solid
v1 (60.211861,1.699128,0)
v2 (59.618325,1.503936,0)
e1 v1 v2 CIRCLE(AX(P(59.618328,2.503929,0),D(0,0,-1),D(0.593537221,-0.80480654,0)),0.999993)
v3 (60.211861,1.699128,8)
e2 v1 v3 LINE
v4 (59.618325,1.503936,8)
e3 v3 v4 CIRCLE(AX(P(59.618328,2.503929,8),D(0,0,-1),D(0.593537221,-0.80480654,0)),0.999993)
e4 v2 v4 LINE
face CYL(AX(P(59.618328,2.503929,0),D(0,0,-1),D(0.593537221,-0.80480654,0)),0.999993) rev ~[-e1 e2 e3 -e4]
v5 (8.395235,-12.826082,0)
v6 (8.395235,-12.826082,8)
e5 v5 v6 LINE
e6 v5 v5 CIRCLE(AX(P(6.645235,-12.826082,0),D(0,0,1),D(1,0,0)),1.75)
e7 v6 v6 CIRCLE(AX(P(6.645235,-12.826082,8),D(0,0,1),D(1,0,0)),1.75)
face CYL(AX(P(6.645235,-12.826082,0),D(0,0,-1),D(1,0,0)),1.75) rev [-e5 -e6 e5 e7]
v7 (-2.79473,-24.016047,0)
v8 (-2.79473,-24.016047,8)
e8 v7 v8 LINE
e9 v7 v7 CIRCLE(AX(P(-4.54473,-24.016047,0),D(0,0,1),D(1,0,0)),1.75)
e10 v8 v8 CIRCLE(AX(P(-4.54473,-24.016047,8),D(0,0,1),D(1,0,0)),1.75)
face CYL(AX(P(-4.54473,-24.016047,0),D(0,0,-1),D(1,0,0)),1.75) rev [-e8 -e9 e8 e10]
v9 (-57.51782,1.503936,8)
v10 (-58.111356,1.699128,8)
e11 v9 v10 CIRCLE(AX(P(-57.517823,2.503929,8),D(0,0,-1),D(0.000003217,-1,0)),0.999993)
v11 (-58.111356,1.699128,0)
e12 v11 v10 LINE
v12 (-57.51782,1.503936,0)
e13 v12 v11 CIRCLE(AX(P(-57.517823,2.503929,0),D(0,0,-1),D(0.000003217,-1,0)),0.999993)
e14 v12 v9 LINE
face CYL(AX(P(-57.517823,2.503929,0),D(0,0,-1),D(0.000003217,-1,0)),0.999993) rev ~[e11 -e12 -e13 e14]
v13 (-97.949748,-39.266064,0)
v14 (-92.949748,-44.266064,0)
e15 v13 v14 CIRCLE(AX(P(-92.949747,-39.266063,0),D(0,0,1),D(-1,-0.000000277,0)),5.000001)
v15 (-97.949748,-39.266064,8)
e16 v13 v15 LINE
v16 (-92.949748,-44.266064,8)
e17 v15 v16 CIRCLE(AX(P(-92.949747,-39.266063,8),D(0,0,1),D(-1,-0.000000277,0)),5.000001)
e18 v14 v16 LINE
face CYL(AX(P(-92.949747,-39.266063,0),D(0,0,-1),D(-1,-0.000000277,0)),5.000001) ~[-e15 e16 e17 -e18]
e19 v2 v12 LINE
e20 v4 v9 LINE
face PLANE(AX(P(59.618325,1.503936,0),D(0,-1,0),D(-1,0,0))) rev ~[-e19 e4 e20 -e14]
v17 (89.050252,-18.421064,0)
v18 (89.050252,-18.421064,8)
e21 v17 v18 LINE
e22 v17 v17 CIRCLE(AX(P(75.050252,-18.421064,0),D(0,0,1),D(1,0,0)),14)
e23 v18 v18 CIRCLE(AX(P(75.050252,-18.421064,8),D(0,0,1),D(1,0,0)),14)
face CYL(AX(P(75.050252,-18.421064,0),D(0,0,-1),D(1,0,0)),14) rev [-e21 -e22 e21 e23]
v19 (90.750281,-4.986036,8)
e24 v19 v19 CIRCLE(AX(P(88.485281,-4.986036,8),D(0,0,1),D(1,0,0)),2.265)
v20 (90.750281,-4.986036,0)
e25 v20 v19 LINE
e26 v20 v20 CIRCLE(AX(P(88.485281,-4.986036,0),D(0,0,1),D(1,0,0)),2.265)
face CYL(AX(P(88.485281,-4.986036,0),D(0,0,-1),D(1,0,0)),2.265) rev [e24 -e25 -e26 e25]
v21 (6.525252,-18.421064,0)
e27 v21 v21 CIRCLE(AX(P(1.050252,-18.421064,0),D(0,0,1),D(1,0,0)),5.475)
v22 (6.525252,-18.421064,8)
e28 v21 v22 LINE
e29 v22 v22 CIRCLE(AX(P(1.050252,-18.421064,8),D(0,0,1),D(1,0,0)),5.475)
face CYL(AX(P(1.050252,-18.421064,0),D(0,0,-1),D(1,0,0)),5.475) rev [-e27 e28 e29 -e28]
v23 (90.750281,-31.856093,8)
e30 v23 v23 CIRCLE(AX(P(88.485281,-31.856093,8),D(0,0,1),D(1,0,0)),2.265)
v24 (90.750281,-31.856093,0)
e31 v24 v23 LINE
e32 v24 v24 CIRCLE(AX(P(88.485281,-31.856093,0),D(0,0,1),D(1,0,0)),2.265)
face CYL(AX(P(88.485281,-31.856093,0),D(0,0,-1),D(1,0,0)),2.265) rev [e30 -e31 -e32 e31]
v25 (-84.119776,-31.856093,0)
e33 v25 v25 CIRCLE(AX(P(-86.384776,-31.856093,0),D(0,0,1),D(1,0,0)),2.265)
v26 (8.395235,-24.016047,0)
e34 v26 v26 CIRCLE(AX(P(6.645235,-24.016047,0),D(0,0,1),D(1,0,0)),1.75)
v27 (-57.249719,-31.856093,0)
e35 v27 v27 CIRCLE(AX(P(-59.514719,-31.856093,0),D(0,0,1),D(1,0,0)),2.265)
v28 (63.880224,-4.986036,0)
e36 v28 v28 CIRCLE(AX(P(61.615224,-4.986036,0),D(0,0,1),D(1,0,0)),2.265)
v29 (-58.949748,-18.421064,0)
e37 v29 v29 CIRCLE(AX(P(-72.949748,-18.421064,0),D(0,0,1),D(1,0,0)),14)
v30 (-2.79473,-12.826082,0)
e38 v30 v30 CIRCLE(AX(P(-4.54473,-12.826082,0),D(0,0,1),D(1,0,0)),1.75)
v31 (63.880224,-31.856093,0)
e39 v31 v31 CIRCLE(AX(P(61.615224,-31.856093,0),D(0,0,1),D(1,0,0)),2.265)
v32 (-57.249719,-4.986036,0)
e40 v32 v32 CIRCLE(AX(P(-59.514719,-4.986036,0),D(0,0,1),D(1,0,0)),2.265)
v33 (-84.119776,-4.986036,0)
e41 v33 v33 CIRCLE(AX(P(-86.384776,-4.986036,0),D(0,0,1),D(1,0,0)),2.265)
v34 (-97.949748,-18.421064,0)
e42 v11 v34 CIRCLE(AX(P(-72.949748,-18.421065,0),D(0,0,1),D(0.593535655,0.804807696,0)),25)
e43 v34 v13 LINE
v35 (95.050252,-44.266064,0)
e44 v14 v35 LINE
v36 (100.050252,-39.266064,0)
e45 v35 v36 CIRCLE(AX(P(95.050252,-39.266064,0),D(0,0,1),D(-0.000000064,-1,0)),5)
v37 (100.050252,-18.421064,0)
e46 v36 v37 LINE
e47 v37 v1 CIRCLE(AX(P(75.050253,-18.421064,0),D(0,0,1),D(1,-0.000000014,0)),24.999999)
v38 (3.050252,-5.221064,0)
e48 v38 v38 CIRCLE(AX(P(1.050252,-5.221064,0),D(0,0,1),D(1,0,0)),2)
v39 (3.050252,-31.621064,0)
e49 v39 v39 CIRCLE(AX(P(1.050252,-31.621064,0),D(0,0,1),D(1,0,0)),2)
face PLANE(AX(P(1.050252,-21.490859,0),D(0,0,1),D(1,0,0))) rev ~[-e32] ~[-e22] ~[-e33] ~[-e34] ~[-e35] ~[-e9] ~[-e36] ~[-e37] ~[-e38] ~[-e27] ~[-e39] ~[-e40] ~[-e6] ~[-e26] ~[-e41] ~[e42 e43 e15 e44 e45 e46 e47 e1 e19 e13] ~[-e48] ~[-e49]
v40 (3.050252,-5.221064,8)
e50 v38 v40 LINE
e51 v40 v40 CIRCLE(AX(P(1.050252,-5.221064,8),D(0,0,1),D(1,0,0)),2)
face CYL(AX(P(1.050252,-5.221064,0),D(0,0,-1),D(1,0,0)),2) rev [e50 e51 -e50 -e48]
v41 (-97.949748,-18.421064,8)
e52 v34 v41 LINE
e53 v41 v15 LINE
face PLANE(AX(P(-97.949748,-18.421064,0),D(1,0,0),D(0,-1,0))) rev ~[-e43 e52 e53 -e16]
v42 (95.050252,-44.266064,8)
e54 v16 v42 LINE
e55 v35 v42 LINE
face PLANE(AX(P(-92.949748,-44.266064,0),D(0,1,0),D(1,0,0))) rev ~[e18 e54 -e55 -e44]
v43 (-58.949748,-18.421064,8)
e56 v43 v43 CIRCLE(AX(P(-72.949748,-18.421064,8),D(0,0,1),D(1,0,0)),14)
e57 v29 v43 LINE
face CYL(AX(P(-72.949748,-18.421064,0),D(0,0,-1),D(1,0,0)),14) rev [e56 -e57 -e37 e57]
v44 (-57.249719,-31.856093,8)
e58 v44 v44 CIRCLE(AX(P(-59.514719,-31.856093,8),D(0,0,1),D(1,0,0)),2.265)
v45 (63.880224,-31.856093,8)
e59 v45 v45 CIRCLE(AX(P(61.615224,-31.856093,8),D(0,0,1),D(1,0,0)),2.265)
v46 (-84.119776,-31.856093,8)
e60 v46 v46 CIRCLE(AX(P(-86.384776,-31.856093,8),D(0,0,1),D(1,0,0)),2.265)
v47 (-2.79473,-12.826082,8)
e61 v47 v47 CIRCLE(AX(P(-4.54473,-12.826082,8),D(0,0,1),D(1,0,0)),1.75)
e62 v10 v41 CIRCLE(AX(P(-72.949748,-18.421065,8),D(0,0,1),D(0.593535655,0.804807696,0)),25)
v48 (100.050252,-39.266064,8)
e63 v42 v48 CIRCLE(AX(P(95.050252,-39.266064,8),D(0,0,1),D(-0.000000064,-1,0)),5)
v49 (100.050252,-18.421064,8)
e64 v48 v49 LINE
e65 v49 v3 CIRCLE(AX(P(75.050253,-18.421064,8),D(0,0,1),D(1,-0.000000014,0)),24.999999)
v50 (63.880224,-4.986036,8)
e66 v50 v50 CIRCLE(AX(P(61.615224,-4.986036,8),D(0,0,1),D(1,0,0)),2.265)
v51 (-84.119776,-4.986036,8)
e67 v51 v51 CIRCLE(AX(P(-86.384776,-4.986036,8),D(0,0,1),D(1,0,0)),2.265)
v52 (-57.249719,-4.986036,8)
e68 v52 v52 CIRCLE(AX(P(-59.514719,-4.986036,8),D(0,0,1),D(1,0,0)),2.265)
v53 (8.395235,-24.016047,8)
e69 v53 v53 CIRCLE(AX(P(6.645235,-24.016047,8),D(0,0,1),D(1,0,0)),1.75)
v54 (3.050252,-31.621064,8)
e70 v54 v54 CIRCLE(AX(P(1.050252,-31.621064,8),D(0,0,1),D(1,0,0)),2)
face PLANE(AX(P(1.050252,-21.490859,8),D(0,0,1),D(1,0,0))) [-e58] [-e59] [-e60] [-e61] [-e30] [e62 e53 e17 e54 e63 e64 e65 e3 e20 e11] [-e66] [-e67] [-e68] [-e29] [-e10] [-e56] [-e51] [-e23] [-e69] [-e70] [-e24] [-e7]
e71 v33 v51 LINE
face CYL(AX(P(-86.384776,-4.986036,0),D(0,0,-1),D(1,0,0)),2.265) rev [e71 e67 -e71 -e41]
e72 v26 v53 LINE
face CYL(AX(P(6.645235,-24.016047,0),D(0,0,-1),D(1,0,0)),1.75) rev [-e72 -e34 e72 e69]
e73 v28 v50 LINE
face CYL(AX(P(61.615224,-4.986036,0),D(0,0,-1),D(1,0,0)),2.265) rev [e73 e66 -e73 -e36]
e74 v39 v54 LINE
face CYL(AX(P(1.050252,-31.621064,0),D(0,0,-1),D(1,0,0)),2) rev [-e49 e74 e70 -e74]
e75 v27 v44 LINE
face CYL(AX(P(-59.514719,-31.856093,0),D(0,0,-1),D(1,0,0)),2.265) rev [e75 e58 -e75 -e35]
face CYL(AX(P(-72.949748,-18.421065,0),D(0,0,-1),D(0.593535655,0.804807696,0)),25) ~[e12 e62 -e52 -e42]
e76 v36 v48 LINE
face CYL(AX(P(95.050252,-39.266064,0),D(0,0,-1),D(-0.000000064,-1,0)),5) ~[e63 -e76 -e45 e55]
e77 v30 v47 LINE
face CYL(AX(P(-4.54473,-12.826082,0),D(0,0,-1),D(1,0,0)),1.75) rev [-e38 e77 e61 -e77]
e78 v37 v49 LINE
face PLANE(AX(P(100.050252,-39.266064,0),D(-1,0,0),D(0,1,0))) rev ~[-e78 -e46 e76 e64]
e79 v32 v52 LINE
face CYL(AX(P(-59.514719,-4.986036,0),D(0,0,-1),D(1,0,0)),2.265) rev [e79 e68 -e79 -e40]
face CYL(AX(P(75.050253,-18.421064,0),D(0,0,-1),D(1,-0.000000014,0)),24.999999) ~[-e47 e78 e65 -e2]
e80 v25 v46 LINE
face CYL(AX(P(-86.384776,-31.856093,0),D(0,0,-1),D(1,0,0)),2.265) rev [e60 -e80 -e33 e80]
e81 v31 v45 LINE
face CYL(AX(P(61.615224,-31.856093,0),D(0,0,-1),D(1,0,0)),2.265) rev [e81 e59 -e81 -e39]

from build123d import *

# Parameters (mm, degrees)
F0_R     = 2.265
F0_R_2   = 1.75
F0_R_3   = 2
F0_R_4   = 14
F0_R_5   = 5.475
F1_DEPTH = 8


with BuildPart() as f1:
    # F0 (on Top) → F1 (new body)
    with BuildSketch(Plane.XY):
        with BuildLine():
            ThreePointArc((-57.51782, 1.503936), (-57.830224, 1.553986), (-58.111356, 1.699128))
            ThreePointArc((-58.111356, 1.699128), (-84.220067, 3.894399), (-97.949748, -18.421064))
            Line((-97.949748, -18.421064), (-97.949748, -39.266064))
            ThreePointArc((-97.949748, -39.266064), (-96.485281, -42.801598), (-92.949748, -44.266064))
            Line((-92.949748, -44.266064), (-84.717208, -44.266064))
            Line((-84.717208, -44.266064), (86.817713, -44.266064))
            Line((86.817713, -44.266064), (95.050252, -44.266064))
            ThreePointArc((95.050252, -44.266064), (98.585786, -42.801598), (100.050252, -39.266064))
            Line((100.050252, -39.266064), (100.050252, -18.421064))
            ThreePointArc((100.050252, -18.421064), (86.320572, 3.894399), (60.211861, 1.699128))
            ThreePointArc((60.211861, 1.699128), (59.930729, 1.553986), (59.618325, 1.503936))
            Line((59.618325, 1.503936), (-57.51782, 1.503936))
        make_face()
        with Locations((-86.384776, -31.856093)):
            Circle(F0_R, mode=Mode.SUBTRACT)
        with Locations((-59.514719, -31.856093)):
            Circle(F0_R, mode=Mode.SUBTRACT)
        with Locations((-4.54473, -24.016047)):
            Circle(F0_R_2, mode=Mode.SUBTRACT)
        with Locations((1.050252, -31.621064)):
            Circle(F0_R_3, mode=Mode.SUBTRACT)
        with Locations((61.615224, -31.856093)):
            Circle(F0_R, mode=Mode.SUBTRACT)
        with Locations((88.485281, -31.856093)):
            Circle(F0_R, mode=Mode.SUBTRACT)
        with Locations((6.645235, -24.016047)):
            Circle(F0_R_2, mode=Mode.SUBTRACT)
        with Locations((-72.949748, -18.421064)):
            Circle(F0_R_4, mode=Mode.SUBTRACT)
        with Locations((-4.54473, -12.826082)):
            Circle(F0_R_2, mode=Mode.SUBTRACT)
        with Locations((-86.384776, -4.986036)):
            Circle(F0_R, mode=Mode.SUBTRACT)
        with Locations((-59.514719, -4.986036)):
            Circle(F0_R, mode=Mode.SUBTRACT)
        with Locations((1.050252, -18.421064)):
            Circle(F0_R_5, mode=Mode.SUBTRACT)
        with Locations((6.645235, -12.826082)):
            Circle(F0_R_2, mode=Mode.SUBTRACT)
        with Locations((75.050252, -18.421064)):
            Circle(F0_R_4, mode=Mode.SUBTRACT)
        with Locations((1.050252, -5.221064)):
            Circle(F0_R_3, mode=Mode.SUBTRACT)
        with Locations((61.615224, -4.986036)):
            Circle(F0_R, mode=Mode.SUBTRACT)
        with Locations((88.485281, -4.986036)):
            Circle(F0_R, mode=Mode.SUBTRACT)
    extrude(amount=F1_DEPTH)


solid = f1.part
